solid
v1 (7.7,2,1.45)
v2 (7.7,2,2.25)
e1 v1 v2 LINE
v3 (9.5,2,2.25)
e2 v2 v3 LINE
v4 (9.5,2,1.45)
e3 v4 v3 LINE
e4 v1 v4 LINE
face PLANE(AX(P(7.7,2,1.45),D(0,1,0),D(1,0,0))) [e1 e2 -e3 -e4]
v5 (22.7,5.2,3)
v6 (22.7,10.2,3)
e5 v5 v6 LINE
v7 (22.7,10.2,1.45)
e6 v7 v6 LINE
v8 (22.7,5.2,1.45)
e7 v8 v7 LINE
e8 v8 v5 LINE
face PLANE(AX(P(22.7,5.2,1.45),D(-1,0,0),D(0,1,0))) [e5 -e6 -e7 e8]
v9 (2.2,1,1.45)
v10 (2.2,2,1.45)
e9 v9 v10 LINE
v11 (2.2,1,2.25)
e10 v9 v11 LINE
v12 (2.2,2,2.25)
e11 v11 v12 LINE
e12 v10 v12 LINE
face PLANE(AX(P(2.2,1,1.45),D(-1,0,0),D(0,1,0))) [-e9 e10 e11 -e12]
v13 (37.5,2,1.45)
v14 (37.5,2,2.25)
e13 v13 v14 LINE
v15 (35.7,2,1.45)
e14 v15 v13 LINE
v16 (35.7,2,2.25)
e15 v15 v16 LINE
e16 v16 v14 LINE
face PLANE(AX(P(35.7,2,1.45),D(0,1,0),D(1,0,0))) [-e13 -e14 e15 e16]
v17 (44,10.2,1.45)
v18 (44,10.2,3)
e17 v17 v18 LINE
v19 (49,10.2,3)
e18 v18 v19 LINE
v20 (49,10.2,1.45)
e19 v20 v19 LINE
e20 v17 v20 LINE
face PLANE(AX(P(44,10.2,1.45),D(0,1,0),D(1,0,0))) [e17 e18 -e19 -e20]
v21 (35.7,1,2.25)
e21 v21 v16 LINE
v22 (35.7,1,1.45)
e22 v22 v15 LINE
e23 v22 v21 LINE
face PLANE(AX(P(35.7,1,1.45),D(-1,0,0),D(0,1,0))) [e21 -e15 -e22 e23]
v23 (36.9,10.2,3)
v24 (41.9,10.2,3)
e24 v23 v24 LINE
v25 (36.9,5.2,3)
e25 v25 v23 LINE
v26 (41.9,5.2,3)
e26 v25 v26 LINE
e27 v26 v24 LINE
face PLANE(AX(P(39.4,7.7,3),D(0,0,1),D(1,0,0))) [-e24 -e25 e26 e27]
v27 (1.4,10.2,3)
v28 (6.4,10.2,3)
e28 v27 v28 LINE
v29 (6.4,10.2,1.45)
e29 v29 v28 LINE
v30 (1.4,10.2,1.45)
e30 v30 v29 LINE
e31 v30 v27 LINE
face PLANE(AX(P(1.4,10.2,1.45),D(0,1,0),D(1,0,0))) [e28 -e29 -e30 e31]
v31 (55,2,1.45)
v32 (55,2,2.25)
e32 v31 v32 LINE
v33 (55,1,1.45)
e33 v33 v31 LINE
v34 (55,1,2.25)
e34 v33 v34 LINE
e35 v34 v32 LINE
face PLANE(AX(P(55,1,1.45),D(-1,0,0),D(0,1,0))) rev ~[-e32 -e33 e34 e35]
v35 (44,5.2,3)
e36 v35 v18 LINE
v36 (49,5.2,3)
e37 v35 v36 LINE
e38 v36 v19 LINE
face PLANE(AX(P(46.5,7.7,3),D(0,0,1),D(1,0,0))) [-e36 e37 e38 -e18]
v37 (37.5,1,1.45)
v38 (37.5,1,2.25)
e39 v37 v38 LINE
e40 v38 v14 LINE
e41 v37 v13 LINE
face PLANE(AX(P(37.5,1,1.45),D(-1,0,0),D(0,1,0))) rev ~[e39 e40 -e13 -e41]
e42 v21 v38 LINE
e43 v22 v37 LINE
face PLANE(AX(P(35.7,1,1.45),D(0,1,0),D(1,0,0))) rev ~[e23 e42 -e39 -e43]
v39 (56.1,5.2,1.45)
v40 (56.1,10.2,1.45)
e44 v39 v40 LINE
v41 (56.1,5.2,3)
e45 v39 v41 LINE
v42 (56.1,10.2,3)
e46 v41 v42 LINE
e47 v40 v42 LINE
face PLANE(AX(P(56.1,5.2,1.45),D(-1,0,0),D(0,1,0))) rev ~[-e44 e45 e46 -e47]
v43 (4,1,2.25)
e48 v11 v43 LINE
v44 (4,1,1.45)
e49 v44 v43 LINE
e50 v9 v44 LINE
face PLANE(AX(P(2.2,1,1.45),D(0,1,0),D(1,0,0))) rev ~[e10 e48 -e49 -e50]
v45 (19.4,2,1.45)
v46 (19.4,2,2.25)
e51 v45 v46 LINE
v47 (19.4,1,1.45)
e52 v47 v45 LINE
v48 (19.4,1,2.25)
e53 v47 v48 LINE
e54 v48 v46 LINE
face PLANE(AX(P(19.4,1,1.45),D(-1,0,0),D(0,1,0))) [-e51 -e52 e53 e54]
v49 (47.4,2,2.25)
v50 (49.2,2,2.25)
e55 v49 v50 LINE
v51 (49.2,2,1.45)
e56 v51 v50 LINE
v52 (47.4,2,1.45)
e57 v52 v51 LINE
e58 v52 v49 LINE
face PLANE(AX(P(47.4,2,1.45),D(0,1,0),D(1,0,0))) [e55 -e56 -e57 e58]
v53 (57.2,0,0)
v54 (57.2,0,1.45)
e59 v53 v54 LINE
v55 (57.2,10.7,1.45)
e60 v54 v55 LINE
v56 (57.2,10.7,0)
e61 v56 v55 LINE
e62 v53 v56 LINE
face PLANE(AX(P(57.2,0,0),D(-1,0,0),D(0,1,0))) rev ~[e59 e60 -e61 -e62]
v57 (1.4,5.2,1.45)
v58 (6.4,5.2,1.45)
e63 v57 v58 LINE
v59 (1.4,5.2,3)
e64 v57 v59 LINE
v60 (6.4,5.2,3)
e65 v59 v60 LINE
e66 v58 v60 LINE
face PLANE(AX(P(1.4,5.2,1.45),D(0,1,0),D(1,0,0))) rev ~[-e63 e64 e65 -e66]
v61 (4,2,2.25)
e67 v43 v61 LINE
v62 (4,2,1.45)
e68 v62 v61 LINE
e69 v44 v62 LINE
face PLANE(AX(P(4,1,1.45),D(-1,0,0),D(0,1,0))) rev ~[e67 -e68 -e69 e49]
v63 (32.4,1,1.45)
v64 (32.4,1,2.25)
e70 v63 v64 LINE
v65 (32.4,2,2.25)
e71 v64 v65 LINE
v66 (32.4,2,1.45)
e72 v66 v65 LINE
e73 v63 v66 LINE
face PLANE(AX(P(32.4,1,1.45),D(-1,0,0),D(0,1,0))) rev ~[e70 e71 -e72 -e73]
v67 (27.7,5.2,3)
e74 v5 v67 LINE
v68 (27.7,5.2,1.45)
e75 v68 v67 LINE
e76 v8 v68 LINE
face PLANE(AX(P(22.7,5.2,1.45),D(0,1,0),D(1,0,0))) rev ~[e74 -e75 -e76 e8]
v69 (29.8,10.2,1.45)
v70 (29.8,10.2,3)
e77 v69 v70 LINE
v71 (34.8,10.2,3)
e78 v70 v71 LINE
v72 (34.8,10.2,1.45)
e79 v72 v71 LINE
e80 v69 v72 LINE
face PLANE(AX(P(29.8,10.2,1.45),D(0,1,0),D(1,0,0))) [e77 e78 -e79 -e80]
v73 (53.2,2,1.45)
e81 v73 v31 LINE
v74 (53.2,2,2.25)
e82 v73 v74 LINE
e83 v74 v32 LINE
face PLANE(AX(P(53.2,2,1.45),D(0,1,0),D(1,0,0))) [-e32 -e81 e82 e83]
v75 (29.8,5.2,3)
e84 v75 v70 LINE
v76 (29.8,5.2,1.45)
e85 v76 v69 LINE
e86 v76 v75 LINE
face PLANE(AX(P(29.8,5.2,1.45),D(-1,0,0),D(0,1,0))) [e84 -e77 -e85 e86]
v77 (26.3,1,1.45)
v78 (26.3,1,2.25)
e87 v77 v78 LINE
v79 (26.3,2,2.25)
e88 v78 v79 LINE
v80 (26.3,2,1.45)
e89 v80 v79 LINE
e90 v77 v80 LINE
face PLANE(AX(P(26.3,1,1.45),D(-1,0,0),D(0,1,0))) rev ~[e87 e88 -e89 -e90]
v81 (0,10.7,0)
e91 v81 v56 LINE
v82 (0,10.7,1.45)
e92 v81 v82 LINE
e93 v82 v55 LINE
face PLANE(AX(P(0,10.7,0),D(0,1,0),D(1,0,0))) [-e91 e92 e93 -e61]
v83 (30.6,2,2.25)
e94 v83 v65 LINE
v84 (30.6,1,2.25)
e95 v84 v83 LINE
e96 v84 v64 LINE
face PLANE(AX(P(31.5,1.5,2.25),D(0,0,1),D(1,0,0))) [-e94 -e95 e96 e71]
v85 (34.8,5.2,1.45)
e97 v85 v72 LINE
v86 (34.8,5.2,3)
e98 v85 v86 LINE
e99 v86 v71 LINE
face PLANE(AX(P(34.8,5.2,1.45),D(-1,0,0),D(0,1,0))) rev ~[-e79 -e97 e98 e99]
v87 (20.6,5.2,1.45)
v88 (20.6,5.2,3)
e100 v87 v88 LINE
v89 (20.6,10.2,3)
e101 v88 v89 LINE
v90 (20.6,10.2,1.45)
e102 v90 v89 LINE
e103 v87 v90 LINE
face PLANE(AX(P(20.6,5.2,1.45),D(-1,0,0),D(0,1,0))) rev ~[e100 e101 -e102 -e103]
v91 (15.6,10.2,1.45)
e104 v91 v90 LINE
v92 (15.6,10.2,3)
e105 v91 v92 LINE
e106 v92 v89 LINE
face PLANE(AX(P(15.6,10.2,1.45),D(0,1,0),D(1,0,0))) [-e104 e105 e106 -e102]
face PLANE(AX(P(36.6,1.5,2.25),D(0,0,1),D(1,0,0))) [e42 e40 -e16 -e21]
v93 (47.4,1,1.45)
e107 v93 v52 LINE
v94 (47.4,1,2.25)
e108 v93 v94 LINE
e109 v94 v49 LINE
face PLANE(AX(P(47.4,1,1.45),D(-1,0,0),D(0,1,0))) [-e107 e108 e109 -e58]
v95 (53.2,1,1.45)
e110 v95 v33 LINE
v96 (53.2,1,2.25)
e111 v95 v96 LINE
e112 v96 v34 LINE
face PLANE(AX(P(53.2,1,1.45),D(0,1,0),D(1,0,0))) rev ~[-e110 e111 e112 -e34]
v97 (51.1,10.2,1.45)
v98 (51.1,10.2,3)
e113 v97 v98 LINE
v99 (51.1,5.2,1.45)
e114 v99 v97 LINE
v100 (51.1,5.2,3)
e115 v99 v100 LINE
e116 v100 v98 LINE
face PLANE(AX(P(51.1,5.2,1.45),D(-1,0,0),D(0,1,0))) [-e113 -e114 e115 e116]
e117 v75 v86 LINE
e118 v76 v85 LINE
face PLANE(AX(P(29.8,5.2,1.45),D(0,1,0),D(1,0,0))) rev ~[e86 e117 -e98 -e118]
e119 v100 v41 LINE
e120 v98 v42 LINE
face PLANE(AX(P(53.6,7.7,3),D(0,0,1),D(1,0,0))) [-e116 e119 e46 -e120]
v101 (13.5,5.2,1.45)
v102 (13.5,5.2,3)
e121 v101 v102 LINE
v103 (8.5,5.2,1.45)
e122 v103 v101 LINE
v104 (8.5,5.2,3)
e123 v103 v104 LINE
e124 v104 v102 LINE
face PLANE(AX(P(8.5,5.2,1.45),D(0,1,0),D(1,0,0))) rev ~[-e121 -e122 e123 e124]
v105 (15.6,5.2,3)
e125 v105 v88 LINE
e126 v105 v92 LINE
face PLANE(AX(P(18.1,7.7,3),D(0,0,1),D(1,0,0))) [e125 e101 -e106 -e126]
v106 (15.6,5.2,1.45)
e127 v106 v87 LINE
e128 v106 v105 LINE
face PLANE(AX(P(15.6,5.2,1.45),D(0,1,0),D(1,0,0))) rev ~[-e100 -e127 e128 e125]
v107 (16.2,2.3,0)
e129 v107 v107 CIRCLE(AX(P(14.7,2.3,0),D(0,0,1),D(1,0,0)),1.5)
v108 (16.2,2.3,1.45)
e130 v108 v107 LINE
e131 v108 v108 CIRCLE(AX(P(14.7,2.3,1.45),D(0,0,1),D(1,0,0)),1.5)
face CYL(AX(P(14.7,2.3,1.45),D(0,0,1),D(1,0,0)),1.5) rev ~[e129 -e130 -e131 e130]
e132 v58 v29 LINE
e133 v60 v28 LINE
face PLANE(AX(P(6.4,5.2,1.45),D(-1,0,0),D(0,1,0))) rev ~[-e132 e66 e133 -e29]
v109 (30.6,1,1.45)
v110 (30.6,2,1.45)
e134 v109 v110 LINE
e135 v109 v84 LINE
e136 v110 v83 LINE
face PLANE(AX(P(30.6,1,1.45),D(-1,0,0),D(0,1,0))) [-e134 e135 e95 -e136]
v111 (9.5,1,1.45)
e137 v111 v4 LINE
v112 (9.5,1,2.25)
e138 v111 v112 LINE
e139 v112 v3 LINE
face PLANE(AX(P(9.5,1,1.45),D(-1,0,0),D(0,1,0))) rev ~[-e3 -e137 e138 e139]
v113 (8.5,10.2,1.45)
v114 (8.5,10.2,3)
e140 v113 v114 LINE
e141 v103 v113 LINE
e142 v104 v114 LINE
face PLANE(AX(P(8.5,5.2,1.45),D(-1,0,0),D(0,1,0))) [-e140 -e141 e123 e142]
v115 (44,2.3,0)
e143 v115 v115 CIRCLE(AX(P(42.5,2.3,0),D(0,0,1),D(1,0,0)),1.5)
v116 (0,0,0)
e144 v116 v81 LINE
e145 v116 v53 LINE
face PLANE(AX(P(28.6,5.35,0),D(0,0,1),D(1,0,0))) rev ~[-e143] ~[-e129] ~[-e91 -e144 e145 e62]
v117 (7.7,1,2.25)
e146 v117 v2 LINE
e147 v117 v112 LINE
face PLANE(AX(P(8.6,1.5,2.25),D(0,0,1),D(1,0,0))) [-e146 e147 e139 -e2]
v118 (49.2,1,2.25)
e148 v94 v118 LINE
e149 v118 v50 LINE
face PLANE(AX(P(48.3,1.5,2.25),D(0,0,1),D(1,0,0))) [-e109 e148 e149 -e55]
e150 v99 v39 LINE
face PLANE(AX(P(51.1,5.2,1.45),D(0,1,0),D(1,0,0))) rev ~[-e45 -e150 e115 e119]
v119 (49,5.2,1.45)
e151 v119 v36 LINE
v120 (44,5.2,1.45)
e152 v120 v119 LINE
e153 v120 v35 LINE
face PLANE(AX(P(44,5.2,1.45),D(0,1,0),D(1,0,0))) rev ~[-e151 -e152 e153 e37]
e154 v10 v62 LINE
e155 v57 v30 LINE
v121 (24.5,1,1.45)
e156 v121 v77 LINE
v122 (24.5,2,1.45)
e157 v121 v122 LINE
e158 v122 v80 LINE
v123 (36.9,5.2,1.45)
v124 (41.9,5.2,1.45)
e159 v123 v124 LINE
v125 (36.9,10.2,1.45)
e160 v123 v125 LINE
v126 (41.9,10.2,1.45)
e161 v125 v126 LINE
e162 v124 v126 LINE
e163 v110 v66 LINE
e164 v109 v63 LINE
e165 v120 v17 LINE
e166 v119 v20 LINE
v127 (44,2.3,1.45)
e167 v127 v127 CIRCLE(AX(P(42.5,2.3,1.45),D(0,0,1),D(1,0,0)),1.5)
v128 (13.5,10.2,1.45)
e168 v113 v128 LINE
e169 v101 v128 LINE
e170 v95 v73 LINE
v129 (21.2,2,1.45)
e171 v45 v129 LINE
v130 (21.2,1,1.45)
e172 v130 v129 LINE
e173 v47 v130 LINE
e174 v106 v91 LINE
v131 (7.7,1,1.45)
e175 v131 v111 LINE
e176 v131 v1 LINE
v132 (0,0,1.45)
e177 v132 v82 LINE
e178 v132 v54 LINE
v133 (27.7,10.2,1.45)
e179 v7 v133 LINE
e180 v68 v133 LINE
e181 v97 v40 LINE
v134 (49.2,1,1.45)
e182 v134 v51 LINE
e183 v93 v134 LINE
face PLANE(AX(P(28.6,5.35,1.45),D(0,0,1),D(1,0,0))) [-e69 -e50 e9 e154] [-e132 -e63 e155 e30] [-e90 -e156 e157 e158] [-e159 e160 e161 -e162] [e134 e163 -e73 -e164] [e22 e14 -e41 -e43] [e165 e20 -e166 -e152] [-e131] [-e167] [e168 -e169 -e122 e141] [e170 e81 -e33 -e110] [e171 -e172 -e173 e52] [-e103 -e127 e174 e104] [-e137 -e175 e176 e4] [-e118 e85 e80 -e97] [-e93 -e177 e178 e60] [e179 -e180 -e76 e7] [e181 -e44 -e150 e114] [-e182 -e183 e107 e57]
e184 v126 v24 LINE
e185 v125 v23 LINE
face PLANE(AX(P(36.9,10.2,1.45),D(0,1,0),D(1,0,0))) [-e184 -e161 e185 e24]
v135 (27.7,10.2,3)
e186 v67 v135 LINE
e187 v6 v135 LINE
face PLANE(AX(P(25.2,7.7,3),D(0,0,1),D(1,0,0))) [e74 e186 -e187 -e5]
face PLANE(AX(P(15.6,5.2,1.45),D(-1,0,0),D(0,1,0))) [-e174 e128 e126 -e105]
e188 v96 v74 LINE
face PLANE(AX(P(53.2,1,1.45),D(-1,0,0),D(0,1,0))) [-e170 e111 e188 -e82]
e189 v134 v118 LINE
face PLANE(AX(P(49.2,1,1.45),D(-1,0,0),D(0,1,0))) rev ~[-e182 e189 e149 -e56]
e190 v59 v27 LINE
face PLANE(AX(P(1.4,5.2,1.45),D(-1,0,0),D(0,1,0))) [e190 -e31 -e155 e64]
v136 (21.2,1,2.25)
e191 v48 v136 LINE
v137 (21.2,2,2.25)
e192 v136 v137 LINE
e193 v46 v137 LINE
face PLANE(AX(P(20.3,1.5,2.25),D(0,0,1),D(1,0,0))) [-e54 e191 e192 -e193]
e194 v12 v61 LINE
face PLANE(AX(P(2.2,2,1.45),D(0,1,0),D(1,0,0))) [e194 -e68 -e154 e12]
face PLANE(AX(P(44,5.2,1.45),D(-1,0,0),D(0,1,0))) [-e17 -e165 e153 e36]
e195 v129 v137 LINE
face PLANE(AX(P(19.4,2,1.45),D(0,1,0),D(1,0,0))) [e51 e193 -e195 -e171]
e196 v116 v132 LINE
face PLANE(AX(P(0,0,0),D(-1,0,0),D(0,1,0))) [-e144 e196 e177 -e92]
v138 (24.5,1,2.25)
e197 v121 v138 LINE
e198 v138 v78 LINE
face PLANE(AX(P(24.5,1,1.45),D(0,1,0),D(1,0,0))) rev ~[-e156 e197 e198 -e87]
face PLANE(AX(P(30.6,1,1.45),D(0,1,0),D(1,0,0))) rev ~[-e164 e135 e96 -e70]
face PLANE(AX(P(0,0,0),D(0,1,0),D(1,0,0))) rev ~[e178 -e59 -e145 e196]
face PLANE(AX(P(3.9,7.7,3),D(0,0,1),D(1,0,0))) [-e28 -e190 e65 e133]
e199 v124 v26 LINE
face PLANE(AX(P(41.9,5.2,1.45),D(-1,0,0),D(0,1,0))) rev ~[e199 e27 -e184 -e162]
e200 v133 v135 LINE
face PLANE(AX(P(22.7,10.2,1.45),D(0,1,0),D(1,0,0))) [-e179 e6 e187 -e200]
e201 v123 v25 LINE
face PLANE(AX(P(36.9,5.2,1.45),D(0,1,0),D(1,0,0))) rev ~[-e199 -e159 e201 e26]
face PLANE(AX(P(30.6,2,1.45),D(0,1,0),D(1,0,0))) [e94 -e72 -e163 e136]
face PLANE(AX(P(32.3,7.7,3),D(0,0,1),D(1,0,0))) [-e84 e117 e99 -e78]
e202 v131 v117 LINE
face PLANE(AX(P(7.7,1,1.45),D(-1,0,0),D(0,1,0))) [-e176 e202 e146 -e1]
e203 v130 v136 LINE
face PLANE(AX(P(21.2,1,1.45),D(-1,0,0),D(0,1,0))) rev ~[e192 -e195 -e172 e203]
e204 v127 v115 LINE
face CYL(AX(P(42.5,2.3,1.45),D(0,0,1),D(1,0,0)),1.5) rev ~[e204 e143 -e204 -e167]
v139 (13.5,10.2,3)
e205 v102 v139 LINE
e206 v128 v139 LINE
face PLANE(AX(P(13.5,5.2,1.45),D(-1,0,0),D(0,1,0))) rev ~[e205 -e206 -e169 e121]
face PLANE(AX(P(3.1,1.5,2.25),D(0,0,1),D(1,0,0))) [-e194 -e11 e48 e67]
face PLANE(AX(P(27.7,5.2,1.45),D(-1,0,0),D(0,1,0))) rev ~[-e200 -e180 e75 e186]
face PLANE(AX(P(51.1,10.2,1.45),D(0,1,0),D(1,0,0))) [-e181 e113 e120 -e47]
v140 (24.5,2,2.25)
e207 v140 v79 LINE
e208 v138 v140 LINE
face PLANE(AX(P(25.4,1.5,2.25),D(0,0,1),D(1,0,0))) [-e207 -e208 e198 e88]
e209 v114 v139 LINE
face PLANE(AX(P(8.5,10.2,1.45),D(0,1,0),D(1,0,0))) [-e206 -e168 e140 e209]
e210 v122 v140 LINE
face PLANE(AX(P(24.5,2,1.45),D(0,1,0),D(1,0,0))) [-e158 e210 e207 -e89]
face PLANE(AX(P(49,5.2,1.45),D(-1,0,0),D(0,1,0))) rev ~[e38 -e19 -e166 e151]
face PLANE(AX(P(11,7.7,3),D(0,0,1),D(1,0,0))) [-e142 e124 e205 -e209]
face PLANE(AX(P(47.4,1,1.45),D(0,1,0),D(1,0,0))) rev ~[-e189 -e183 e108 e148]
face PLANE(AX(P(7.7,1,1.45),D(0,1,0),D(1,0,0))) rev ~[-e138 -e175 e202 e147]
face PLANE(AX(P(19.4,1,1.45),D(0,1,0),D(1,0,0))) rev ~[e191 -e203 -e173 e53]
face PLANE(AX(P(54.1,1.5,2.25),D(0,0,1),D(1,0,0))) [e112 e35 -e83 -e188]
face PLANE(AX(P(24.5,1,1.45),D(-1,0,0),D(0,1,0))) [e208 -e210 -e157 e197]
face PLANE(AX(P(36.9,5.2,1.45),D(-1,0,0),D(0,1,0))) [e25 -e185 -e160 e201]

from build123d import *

# Parameters (mm, degrees)
CROQUIS1_W              = 57.2
CROQUIS1_H              = 10.7
SALIENTE_EXTRUIR1_DEPTH = 1.45
CROQUIS2_W              = 5
CROQUIS2_H              = 5
SALIENTE_EXTRUIR2_DEPTH = 1.55
MATRIZL1_COUNT          = 8
MATRIZL1_PITCH          = 7.1
CORTAR_EXTRUIR1_REACH   = 3.45
CROQUIS3_R              = 1.5
CROQUIS4_W              = 1.8
CROQUIS4_H              = 1
SALIENTE_EXTRUIR3_DEPTH = 0.8


with BuildPart() as part:
    # Croquis1 → Saliente-Extruir1 (new body)
    with BuildSketch(Plane.XY):
        with Locations((28.6, 5.35)):
            Rectangle(CROQUIS1_W, CROQUIS1_H)
    extrude(amount=SALIENTE_EXTRUIR1_DEPTH)

    # Croquis2 → Saliente-Extruir2 (add)
    with BuildSketch(Plane.XY.offset(1.45)):
        with Locations((3.9, 7.7)):
            Rectangle(CROQUIS2_W, CROQUIS2_H)
    saliente_extruir2 = extrude(amount=SALIENTE_EXTRUIR2_DEPTH)

    # MatrizL1: Saliente-Extruir2 ×8
    with Locations(*[(i * MATRIZL1_PITCH, 0, 0) for i in range(1, MATRIZL1_COUNT)]):
        add(saliente_extruir2)

    # Croquis3 → Cortar-Extruir1 (cut, up to next)
    with BuildSketch(Plane.XY.offset(1.45), mode=Mode.PRIVATE) as cortar_extruir1_sk1:
        with Locations((14.7, 2.3)):
            Circle(CROQUIS3_R)
    cortar_extruir1_tool1 = extrude(cortar_extruir1_sk1.sketch, amount=-CORTAR_EXTRUIR1_REACH, mode=Mode.PRIVATE) & part.part
    add(cortar_extruir1_tool1.solids().sort_by_distance((14.7, 2.3, 1.45))[0], mode=Mode.SUBTRACT)
    # Croquis3 → Cortar-Extruir1 (cut, up to next)
    with BuildSketch(Plane.XY.offset(1.45), mode=Mode.PRIVATE) as cortar_extruir1_sk2:
        with Locations((42.5, 2.3)):
            Circle(CROQUIS3_R)
    cortar_extruir1_tool2 = extrude(cortar_extruir1_sk2.sketch, amount=-CORTAR_EXTRUIR1_REACH, mode=Mode.PRIVATE) & part.part
    add(cortar_extruir1_tool2.solids().sort_by_distance((42.5, 2.3, 1.45))[0], mode=Mode.SUBTRACT)

    # Croquis4 → Saliente-Extruir3 (add)
    with BuildSketch(Plane.XY.offset(1.45)):
        with Locations((3.1, 1.5)):
            Rectangle(CROQUIS4_W, CROQUIS4_H)
        with Locations((8.6, 1.5)):
            Rectangle(CROQUIS4_W, CROQUIS4_H)
        with Locations((20.3, 1.5)):
            Rectangle(CROQUIS4_W, CROQUIS4_H)
        with Locations((25.4, 1.5)):
            Rectangle(CROQUIS4_W, CROQUIS4_H)
        with Locations((31.5, 1.5)):
            Rectangle(CROQUIS4_W, CROQUIS4_H)
        with Locations((36.6, 1.5)):
            Rectangle(CROQUIS4_W, CROQUIS4_H)
        with Locations((48.3, 1.5)):
            Rectangle(CROQUIS4_W, CROQUIS4_H)
        with Locations((54.1, 1.5)):
            Rectangle(CROQUIS4_W, CROQUIS4_H)
    extrude(amount=SALIENTE_EXTRUIR3_DEPTH)


solid = part.part
